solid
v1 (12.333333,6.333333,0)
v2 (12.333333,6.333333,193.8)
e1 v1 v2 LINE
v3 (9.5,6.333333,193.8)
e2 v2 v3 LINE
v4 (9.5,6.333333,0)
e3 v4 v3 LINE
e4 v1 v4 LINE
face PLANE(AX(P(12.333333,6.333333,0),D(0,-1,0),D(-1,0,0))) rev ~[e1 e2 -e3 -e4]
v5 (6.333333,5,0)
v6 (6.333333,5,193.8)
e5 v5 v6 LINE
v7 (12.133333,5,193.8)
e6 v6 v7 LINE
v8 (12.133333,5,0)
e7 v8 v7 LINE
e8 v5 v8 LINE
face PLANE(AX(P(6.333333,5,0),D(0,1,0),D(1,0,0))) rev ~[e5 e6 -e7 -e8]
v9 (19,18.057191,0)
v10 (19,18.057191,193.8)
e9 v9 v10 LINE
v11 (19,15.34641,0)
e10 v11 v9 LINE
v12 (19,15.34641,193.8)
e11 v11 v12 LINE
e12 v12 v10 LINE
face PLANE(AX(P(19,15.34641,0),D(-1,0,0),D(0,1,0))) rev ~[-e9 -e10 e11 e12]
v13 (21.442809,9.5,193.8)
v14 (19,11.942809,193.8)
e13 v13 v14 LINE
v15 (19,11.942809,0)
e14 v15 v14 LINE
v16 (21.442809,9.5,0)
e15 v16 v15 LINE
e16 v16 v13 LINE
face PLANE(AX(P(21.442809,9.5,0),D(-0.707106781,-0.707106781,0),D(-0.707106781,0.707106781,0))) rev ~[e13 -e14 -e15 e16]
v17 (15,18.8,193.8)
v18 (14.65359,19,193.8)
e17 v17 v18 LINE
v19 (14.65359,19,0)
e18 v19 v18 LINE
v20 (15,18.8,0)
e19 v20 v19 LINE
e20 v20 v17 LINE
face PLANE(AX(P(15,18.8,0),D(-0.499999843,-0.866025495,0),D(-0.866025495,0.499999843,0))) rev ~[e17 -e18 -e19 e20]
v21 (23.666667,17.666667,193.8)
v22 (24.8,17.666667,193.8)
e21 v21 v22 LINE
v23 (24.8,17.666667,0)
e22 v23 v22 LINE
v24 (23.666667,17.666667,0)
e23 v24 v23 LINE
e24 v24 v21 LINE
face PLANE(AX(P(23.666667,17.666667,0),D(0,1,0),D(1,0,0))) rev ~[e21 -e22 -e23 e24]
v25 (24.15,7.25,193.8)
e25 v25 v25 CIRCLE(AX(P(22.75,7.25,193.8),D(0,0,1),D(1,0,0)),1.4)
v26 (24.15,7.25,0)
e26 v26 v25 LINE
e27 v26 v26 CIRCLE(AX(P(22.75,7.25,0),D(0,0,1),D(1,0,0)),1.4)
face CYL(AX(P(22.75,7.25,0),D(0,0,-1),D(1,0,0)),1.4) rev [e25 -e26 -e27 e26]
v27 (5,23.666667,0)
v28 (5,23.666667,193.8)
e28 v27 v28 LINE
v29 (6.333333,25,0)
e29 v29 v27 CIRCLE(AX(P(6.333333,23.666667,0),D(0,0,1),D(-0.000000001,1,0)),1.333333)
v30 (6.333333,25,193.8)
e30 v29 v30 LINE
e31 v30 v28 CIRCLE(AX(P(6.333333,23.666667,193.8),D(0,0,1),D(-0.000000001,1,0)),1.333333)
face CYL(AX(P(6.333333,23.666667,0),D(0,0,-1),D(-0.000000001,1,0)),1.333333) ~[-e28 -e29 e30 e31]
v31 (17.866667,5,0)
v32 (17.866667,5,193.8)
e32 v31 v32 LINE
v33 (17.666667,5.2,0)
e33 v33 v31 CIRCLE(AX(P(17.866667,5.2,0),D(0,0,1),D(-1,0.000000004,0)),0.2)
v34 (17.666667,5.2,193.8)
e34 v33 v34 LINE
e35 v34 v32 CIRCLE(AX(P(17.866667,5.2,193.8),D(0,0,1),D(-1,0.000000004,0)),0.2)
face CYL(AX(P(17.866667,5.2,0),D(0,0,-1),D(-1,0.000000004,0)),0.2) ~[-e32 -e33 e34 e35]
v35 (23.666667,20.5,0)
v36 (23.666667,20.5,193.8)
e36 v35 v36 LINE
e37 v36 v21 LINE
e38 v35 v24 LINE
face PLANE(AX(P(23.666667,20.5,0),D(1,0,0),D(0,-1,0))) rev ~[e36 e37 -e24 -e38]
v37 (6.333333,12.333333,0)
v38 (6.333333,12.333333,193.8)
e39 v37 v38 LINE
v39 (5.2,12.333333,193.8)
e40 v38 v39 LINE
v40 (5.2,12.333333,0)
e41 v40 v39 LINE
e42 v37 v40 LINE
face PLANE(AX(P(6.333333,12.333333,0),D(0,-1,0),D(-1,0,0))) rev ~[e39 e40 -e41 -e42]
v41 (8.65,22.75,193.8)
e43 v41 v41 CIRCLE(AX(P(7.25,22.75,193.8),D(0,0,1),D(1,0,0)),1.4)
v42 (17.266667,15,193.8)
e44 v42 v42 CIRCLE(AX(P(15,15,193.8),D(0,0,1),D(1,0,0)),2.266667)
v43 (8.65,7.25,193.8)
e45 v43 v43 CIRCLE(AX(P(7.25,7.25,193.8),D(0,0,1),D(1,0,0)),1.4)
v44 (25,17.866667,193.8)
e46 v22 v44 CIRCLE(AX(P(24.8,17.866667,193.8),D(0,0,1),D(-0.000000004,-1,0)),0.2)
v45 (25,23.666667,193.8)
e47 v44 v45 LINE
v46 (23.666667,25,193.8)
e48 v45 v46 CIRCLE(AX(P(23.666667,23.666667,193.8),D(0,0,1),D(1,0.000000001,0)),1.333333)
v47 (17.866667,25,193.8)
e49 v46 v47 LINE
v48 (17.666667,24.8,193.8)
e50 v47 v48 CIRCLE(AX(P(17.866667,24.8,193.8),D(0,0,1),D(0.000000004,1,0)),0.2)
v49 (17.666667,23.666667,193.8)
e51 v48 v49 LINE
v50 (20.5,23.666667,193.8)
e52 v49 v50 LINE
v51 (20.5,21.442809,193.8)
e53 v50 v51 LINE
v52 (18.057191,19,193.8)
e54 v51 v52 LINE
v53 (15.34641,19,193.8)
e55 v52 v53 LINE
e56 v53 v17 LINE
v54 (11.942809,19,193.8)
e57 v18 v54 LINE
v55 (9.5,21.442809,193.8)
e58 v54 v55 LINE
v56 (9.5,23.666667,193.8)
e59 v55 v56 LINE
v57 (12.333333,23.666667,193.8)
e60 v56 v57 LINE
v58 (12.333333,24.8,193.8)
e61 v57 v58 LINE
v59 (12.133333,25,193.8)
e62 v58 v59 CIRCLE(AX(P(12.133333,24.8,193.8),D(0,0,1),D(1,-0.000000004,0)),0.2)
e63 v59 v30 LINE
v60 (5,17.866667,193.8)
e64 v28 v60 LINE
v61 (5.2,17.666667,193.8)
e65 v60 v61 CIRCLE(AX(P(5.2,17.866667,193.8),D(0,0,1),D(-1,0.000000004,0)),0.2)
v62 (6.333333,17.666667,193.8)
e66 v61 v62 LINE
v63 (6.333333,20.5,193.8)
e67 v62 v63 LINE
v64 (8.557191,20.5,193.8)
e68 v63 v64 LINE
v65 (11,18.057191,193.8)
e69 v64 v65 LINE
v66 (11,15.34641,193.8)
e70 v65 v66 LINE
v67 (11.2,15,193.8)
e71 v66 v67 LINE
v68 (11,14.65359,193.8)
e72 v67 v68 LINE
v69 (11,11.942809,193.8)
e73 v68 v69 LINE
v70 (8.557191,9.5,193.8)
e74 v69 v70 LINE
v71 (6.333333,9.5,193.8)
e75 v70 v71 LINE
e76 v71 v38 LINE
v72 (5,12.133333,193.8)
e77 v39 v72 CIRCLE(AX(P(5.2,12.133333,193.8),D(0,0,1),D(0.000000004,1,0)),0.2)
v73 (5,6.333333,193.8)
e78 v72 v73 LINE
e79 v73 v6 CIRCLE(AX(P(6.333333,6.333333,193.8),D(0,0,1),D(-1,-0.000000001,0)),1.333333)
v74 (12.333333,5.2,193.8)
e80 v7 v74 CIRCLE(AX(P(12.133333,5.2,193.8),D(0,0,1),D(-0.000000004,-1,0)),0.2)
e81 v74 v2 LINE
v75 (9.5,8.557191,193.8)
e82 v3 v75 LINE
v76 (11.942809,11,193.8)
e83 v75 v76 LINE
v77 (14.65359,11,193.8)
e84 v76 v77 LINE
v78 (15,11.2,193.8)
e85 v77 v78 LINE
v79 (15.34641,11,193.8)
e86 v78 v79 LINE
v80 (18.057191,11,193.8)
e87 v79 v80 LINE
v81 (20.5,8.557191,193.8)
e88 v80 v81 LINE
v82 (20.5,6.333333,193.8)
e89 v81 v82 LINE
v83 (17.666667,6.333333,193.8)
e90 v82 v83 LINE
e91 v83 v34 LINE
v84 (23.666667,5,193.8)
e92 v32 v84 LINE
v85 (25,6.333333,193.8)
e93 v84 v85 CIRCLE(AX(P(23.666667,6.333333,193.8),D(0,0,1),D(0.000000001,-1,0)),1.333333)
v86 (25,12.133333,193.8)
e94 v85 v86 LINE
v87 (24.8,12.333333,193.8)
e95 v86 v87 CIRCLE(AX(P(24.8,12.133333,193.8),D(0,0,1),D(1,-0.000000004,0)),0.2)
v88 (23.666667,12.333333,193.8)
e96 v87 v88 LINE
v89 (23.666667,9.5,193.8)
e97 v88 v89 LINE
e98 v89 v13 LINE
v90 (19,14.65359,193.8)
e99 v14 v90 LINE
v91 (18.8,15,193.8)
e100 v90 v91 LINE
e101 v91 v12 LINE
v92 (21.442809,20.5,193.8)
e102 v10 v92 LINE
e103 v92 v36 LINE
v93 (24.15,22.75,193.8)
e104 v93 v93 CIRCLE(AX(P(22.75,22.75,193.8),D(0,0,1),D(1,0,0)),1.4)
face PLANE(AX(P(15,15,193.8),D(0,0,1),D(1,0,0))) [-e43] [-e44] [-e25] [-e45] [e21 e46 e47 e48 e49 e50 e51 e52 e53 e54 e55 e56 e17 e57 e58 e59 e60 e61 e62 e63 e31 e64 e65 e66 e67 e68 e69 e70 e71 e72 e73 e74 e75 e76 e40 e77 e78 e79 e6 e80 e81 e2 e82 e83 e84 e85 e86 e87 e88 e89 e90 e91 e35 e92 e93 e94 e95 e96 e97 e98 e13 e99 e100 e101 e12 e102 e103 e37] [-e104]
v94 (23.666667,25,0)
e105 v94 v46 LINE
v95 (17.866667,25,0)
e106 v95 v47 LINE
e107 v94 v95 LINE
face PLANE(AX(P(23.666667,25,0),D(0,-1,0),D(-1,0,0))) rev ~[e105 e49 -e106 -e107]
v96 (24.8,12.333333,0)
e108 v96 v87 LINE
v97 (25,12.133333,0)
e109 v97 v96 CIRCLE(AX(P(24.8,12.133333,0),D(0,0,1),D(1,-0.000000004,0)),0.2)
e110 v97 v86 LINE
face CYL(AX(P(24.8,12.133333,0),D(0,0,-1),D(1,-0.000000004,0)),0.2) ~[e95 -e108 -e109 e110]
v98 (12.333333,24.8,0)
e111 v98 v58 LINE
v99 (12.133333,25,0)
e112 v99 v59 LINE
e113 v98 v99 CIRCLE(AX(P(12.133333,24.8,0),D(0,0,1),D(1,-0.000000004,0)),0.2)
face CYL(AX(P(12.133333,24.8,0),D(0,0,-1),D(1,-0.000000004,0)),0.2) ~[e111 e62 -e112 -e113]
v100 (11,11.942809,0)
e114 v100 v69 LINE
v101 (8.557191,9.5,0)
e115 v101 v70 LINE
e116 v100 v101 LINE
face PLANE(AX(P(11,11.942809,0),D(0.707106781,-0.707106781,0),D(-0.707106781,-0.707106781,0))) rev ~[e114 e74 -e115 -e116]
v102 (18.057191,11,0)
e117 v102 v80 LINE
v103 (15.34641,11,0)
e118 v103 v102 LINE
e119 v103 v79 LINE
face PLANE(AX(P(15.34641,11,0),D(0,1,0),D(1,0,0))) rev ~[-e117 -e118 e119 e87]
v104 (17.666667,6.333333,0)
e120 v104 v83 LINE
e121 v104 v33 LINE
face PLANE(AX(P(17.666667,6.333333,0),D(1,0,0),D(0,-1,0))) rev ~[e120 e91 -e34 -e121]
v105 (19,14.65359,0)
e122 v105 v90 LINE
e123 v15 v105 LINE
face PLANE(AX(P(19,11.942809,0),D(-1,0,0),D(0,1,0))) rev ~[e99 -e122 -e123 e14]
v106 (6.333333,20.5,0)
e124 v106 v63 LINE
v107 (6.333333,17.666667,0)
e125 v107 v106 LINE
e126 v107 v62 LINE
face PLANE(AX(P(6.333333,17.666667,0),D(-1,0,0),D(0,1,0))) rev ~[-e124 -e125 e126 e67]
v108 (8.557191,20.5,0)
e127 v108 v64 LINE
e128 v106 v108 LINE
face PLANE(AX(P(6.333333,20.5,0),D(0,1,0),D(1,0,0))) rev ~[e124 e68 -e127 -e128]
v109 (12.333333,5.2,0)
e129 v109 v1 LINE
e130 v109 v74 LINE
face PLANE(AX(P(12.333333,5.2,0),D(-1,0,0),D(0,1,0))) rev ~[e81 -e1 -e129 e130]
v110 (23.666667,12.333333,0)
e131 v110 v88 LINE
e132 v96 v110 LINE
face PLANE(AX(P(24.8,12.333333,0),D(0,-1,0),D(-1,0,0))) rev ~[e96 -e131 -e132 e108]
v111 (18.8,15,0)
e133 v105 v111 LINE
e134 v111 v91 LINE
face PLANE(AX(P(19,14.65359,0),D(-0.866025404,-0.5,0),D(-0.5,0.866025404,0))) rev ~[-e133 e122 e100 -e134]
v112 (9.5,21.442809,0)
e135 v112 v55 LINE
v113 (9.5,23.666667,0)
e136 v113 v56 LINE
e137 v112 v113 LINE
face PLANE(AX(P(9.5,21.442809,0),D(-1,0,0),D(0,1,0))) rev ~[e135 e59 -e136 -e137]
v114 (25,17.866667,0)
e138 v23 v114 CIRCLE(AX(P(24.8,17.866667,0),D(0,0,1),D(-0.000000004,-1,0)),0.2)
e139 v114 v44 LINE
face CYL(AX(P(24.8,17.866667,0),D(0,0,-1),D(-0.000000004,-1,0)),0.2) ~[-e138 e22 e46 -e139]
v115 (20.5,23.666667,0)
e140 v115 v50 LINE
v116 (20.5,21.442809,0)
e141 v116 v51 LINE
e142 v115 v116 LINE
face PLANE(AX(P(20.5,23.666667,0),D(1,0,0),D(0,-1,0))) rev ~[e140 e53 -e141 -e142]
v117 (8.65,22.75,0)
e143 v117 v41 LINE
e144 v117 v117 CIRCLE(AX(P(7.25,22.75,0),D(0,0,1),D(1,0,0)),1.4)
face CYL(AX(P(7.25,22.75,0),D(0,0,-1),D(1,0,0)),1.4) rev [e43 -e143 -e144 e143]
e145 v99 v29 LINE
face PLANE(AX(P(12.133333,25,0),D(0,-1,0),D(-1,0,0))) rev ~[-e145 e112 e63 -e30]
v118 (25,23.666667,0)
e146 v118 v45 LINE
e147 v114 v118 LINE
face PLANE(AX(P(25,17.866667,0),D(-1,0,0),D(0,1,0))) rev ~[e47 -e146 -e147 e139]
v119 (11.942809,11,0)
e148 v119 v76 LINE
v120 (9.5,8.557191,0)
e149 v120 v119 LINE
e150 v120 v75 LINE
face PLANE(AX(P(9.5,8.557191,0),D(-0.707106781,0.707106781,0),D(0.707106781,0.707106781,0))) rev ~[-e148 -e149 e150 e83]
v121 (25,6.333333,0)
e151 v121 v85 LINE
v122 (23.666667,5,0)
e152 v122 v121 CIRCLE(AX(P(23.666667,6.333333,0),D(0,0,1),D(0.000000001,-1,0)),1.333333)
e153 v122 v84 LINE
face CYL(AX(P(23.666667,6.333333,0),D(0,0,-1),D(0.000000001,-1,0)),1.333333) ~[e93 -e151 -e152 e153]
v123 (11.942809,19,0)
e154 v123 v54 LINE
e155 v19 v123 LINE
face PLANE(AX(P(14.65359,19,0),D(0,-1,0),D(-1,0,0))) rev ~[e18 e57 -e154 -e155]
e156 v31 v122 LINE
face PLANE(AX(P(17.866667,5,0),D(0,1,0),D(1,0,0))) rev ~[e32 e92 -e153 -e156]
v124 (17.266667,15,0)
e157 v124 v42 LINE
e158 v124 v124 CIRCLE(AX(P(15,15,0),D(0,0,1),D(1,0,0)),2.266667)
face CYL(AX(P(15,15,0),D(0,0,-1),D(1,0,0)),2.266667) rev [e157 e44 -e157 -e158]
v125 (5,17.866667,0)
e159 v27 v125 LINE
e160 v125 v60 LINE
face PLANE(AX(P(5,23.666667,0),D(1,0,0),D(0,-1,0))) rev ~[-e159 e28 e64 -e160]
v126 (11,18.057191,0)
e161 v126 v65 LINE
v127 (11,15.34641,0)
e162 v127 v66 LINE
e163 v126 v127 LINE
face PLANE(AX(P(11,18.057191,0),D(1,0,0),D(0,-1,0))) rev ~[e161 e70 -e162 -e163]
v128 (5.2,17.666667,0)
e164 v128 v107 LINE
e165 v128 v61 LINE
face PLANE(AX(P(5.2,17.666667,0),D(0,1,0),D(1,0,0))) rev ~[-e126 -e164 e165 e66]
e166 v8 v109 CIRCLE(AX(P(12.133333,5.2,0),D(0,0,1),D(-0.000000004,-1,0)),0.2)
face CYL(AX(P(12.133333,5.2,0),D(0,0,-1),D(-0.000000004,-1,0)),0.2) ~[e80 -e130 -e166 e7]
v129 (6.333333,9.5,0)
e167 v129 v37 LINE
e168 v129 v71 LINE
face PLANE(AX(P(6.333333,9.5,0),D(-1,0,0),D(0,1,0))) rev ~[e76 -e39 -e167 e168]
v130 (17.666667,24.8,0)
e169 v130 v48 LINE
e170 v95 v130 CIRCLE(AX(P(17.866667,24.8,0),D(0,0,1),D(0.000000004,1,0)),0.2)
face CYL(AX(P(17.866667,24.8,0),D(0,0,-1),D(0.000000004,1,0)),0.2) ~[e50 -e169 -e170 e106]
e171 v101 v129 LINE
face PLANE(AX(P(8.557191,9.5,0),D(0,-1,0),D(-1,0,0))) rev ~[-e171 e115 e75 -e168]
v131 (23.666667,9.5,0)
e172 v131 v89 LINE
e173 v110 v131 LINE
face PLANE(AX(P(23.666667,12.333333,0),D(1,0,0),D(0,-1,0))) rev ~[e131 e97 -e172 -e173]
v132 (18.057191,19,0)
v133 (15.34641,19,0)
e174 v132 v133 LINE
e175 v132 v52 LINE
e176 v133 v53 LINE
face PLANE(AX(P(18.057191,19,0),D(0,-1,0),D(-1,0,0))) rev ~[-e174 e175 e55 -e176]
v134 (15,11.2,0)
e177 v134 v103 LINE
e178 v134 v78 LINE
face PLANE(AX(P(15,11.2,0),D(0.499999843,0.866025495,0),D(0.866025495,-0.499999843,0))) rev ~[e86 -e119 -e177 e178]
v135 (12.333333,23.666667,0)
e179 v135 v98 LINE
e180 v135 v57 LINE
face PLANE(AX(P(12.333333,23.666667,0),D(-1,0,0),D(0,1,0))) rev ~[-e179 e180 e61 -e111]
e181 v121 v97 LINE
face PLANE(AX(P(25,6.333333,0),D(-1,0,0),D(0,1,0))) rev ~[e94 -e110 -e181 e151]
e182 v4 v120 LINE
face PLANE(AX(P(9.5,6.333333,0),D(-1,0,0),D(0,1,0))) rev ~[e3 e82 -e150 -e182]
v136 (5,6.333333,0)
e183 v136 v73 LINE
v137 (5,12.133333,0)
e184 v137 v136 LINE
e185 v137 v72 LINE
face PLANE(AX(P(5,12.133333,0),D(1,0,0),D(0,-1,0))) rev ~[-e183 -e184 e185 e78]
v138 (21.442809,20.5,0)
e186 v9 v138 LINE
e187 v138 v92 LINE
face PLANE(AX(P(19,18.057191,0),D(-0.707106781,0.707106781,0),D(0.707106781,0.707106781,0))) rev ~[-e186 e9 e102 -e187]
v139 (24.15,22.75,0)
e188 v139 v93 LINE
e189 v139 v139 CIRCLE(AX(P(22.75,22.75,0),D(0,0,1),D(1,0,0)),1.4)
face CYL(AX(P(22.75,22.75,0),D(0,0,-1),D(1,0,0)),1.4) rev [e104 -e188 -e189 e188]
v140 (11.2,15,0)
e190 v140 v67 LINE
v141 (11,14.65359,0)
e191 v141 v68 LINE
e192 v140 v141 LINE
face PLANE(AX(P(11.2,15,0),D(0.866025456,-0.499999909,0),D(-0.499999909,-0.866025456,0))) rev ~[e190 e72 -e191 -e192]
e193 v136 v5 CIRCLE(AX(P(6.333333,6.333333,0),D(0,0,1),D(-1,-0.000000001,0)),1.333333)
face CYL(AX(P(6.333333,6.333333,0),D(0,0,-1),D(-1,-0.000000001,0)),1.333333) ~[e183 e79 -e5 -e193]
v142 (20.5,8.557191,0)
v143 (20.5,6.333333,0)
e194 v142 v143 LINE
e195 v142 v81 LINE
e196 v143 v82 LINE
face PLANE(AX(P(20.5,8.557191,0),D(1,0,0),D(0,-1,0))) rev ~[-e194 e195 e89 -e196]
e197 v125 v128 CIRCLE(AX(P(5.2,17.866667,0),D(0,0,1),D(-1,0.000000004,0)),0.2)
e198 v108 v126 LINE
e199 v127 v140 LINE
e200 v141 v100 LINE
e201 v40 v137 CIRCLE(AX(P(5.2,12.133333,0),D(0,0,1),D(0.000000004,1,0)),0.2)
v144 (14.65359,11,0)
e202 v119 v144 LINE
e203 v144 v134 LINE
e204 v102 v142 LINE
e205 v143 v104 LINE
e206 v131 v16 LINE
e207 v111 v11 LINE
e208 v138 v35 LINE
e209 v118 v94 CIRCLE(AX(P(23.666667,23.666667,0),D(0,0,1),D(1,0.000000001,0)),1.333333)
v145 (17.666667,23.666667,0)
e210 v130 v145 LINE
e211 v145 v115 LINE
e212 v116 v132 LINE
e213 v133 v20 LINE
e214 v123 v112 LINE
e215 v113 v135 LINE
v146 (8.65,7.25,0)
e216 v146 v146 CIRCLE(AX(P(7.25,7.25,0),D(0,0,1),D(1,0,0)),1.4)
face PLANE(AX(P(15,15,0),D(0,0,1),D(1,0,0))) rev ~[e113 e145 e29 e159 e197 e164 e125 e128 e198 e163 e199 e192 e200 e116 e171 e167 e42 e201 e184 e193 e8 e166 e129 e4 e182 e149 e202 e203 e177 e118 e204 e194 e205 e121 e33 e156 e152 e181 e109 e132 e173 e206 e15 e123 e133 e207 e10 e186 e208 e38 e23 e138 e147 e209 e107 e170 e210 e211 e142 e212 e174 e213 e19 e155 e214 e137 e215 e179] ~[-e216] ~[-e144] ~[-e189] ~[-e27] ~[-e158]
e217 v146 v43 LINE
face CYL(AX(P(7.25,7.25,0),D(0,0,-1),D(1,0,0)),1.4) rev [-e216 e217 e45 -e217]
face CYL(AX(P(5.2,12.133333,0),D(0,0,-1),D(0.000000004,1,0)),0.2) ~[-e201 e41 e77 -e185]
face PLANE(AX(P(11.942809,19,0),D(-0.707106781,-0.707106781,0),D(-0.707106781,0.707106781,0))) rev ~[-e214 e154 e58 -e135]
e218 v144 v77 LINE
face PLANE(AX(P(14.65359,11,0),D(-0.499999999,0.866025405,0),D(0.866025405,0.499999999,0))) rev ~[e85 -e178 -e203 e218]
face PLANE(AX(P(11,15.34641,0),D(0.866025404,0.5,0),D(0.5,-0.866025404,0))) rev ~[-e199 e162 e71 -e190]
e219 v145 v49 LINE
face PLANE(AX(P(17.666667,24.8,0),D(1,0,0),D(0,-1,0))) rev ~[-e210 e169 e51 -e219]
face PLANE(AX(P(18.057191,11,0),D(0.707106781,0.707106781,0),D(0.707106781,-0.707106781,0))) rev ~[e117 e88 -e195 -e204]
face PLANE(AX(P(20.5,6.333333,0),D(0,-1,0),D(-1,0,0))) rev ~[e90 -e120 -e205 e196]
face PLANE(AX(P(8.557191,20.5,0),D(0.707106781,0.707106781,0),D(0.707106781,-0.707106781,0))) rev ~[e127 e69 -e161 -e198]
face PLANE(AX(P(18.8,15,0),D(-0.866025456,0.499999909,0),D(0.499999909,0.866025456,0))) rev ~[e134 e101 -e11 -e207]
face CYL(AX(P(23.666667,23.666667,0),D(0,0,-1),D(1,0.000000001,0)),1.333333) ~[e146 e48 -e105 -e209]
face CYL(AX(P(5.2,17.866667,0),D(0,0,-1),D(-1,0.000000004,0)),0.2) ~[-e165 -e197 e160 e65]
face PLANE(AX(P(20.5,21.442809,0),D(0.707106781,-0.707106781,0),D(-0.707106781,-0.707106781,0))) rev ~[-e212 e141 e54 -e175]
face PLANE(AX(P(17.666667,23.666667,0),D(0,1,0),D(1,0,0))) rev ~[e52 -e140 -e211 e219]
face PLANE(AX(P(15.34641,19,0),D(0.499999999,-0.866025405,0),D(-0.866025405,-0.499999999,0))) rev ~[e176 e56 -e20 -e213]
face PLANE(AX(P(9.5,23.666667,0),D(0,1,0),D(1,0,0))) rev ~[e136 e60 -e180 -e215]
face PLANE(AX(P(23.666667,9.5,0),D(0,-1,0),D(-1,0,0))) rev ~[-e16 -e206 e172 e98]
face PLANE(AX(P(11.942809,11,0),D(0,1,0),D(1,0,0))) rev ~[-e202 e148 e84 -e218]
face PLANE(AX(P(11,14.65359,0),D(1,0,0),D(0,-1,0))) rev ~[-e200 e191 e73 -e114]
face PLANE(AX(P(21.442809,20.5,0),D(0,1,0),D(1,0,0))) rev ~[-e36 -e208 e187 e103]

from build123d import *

# Parameters (mm, degrees)
SKETCH_1_R      = 1.4
SKETCH_1_R_2    = 2.266666667
EXTRUDE_1_DEPTH = 193.8


with BuildPart() as part:
    # 草图1 → 凸台-拉伸1 (new body)
    with BuildSketch(Plane.XY):
        with BuildLine():
            Line((5, 23.666666667), (5, 17.866666667))
            ThreePointArc((5, 17.866666667), (5.058578644, 17.72524531), (5.2, 17.666666667))
            Line((5.2, 17.666666667), (6.333333333, 17.666666667))
            Line((6.333333333, 17.666666667), (6.333333333, 20.5))
            Line((6.333333333, 20.5), (8.557190958, 20.5))
            Line((8.557190958, 20.5), (11, 18.057190958))
            Line((11, 18.057190958), (11, 15.346410162))
            Line((11, 15.346410162), (11.199999976, 15.000000042))
            Line((11.199999976, 15.000000042), (11, 14.653589838))
            Line((11, 14.653589838), (11, 11.942809042))
            Line((11, 11.942809042), (8.557190958, 9.5))
            Line((8.557190958, 9.5), (6.333333333, 9.5))
            Line((6.333333333, 9.5), (6.333333333, 12.333333333))
            Line((6.333333333, 12.333333333), (5.2, 12.333333333))
            ThreePointArc((5.2, 12.333333333), (5.058578644, 12.27475469), (5, 12.133333333))
            Line((5, 12.133333333), (5, 6.333333333))
            ThreePointArc((5, 6.333333333), (5.390524292, 5.390524292), (6.333333333, 5))
            Line((6.333333333, 5), (12.133333333, 5))
            ThreePointArc((12.133333333, 5), (12.27475469, 5.058578644), (12.333333333, 5.2))
            Line((12.333333333, 5.2), (12.333333333, 6.333333333))
            Line((12.333333333, 6.333333333), (9.5, 6.333333333))
            Line((9.5, 6.333333333), (9.5, 8.557190958))
            Line((9.5, 8.557190958), (11.942809042, 11))
            Line((11.942809042, 11), (14.653589838, 11))
            Line((14.653589838, 11), (14.999999928, 11.199999958))
            Line((14.999999928, 11.199999958), (15.346410162, 11))
            Line((15.346410162, 11), (18.057190958, 11))
            Line((18.057190958, 11), (20.5, 8.557190958))
            Line((20.5, 8.557190958), (20.5, 6.333333333))
            Line((20.5, 6.333333333), (17.666666667, 6.333333333))
            Line((17.666666667, 6.333333333), (17.666666667, 5.2))
            ThreePointArc((17.666666667, 5.2), (17.72524531, 5.058578644), (17.866666667, 5))
            Line((17.866666667, 5), (23.666666667, 5))
            ThreePointArc((23.666666667, 5), (24.609475708, 5.390524292), (25, 6.333333333))
            Line((25, 6.333333333), (25, 12.133333333))
            ThreePointArc((25, 12.133333333), (24.941421356, 12.27475469), (24.8, 12.333333333))
            Line((24.8, 12.333333333), (23.666666667, 12.333333333))
            Line((23.666666667, 12.333333333), (23.666666667, 9.5))
            Line((23.666666667, 9.5), (21.442809042, 9.5))
            Line((21.442809042, 9.5), (19, 11.942809042))
            Line((19, 11.942809042), (19, 14.653589838))
            Line((19, 14.653589838), (18.800000024, 14.999999958))
            Line((18.800000024, 14.999999958), (19, 15.346410162))
            Line((19, 15.346410162), (19, 18.057190958))
            Line((19, 18.057190958), (21.442809042, 20.5))
            Line((21.442809042, 20.5), (23.666666667, 20.5))
            Line((23.666666667, 20.5), (23.666666667, 17.666666667))
            Line((23.666666667, 17.666666667), (24.8, 17.666666667))
            ThreePointArc((24.8, 17.666666667), (24.941421356, 17.72524531), (25, 17.866666667))
            Line((25, 17.866666667), (25, 23.666666667))
            ThreePointArc((25, 23.666666667), (24.609475708, 24.609475708), (23.666666667, 25))
            Line((23.666666667, 25), (17.866666667, 25))
            ThreePointArc((17.866666667, 25), (17.72524531, 24.941421356), (17.666666667, 24.8))
            Line((17.666666667, 24.8), (17.666666667, 23.666666667))
            Line((17.666666667, 23.666666667), (20.5, 23.666666667))
            Line((20.5, 23.666666667), (20.5, 21.442809042))
            Line((20.5, 21.442809042), (18.057190958, 19))
            Line((18.057190958, 19), (15.346410162, 19))
            Line((15.346410162, 19), (15.000000072, 18.800000042))
            Line((15.000000072, 18.800000042), (14.653589838, 19))
            Line((14.653589838, 19), (11.942809042, 19))
            Line((11.942809042, 19), (9.5, 21.442809042))
            Line((9.5, 21.442809042), (9.5, 23.666666667))
            Line((9.5, 23.666666667), (12.333333333, 23.666666667))
            Line((12.333333333, 23.666666667), (12.333333333, 24.8))
            ThreePointArc((12.333333333, 24.8), (12.27475469, 24.941421356), (12.133333333, 25))
            Line((12.133333333, 25), (6.333333333, 25))
            ThreePointArc((6.333333333, 25), (5.390524292, 24.609475708), (5, 23.666666667))
        make_face()
        with Locations((7.25, 22.75)):
            Circle(SKETCH_1_R, mode=Mode.SUBTRACT)
        with Locations((22.75, 22.75)):
            Circle(SKETCH_1_R, mode=Mode.SUBTRACT)
        with Locations((15, 15)):
            Circle(SKETCH_1_R_2, mode=Mode.SUBTRACT)
        with Locations((7.25, 7.25)):
            Circle(SKETCH_1_R, mode=Mode.SUBTRACT)
        with Locations((22.75, 7.25)):
            Circle(SKETCH_1_R, mode=Mode.SUBTRACT)
    extrude(amount=EXTRUDE_1_DEPTH)


solid = part.part
